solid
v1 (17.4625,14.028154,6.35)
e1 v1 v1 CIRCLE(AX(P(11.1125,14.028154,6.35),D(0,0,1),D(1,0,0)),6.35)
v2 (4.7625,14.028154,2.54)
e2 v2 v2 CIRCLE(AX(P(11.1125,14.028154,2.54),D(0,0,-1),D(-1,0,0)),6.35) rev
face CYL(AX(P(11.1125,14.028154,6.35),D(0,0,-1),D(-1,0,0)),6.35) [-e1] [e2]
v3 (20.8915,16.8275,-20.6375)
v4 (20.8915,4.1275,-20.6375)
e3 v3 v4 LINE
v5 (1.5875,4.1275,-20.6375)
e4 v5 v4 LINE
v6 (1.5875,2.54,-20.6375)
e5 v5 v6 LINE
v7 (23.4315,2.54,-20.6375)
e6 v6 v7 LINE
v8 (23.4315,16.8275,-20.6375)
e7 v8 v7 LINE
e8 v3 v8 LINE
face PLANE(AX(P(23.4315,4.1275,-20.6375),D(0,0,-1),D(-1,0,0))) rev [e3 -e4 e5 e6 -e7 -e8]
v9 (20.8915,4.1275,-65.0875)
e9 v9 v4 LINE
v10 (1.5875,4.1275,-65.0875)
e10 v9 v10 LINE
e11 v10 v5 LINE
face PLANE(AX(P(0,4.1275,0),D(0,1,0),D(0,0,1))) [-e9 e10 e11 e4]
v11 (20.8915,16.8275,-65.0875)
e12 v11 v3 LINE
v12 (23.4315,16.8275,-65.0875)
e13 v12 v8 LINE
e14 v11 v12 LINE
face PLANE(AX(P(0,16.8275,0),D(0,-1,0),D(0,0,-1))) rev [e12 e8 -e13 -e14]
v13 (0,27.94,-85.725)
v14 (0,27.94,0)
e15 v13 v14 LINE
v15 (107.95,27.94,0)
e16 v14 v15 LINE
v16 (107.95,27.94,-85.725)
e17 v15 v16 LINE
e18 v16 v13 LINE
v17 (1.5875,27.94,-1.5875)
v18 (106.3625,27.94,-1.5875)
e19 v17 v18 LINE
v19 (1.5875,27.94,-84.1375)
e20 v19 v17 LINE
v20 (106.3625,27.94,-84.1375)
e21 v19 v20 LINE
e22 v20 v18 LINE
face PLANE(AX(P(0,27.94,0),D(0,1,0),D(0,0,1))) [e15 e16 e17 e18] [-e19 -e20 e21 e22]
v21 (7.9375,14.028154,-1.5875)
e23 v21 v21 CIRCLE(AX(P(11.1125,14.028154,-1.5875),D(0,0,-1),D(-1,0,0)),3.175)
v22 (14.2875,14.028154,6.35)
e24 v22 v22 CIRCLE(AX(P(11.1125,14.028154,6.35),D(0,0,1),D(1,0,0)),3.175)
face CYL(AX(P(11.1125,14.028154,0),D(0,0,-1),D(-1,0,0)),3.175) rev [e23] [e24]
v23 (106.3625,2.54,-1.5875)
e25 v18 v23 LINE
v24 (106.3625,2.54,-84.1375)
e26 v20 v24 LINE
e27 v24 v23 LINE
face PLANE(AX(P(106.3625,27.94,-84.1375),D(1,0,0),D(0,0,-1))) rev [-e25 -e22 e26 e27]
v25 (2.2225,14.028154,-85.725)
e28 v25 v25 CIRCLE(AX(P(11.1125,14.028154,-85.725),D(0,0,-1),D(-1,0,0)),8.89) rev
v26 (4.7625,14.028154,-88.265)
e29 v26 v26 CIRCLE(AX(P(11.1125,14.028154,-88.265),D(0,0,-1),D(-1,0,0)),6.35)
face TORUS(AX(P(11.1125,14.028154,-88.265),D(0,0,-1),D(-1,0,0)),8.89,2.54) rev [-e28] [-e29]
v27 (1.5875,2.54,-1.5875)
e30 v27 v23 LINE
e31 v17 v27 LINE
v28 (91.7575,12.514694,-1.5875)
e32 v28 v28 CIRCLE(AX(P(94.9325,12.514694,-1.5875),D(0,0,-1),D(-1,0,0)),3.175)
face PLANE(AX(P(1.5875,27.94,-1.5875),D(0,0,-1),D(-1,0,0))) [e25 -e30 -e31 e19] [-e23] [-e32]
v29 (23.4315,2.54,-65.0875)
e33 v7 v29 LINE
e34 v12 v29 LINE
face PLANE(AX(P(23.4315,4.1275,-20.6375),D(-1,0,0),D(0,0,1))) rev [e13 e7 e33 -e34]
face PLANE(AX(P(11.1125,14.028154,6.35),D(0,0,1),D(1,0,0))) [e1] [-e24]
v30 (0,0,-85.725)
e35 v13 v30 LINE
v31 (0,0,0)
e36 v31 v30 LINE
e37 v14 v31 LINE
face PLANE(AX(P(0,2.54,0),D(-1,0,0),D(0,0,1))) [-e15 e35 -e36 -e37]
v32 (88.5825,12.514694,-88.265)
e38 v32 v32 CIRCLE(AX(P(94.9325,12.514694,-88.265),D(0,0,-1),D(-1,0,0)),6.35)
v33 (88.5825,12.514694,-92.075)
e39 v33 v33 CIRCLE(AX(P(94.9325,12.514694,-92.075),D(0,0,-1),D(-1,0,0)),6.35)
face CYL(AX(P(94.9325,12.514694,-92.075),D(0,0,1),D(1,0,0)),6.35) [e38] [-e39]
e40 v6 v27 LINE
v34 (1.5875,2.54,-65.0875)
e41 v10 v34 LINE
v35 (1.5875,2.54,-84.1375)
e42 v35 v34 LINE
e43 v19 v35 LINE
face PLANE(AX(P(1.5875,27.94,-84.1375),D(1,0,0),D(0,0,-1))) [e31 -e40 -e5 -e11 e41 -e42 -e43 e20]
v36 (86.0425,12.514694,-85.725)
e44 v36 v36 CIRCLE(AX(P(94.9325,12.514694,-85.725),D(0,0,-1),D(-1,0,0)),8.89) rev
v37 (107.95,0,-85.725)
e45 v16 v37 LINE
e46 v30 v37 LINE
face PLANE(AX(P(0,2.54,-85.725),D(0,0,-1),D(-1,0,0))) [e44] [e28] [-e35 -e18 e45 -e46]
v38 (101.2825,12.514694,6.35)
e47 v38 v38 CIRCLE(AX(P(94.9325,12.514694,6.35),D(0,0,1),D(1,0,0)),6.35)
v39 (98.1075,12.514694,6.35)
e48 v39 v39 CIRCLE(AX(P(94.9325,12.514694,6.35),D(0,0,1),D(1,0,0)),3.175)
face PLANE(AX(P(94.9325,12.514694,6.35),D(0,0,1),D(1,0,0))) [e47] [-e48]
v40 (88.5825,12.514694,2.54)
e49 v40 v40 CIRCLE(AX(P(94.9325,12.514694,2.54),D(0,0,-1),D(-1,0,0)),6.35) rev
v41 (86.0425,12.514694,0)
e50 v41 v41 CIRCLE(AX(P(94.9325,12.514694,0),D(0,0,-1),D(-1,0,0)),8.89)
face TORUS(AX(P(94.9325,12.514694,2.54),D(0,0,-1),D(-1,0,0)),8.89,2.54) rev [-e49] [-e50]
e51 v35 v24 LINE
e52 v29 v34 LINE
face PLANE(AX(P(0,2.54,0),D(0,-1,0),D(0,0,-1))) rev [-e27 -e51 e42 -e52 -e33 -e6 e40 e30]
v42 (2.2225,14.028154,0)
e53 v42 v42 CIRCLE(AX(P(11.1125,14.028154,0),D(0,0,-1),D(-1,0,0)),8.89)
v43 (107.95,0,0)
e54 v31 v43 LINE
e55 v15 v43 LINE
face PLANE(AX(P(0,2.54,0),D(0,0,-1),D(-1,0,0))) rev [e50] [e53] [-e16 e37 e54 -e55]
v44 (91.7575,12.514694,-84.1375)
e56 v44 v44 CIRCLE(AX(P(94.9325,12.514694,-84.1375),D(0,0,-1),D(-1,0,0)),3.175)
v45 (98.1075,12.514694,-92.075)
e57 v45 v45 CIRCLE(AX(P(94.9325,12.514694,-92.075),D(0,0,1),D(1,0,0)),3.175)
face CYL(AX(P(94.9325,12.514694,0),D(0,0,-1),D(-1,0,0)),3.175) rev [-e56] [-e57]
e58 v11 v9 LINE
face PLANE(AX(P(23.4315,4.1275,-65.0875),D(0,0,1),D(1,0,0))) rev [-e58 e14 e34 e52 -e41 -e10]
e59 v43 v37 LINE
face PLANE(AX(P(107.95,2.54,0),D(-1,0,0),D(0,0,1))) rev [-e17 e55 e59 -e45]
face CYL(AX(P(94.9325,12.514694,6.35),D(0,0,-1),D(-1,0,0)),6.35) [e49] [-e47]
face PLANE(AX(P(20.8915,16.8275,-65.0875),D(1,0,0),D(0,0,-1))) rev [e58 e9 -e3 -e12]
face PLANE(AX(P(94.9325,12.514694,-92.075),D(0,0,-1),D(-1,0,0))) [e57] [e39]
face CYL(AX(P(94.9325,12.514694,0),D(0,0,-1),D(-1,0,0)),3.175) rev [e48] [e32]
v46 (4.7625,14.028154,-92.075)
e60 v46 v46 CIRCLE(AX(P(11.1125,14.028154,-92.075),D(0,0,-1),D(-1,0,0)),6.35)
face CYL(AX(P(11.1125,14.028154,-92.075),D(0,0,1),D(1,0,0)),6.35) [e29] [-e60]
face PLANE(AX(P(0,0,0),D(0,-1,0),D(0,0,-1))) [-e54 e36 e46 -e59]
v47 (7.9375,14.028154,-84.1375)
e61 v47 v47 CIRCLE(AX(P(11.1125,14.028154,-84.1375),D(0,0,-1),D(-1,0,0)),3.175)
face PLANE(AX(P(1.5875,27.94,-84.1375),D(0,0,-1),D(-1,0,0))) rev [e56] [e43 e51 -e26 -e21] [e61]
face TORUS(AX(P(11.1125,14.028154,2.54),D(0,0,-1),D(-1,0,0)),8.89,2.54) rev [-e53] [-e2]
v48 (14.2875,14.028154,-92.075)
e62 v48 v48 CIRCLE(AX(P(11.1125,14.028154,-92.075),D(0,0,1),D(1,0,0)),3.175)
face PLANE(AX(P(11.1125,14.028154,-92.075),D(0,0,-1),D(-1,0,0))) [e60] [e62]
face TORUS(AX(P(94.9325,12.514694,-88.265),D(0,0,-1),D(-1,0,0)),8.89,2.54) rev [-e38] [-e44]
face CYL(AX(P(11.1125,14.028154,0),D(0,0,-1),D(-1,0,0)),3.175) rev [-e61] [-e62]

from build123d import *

# Parameters (mm, degrees)
SKETCH1_W               = 107.95
SKETCH1_H               = 85.725
BOSS_EXTRUDE1_DEPTH     = 2.54
SKETCH2_W               = 107.95
SKETCH2_H               = 85.725
SKETCH2_W_2             = 104.775
SKETCH2_H_2             = 82.55
BOSS_EXTRUDE2_DEPTH     = 25.4
SKETCH3_R               = 3.175
CUT_EXTRUDE1_DEPTH      = 141.650708228
CUT_EXTRUDE1_DEPTH_BACK = 141.650708228
SKETCH4_R               = 3.175
CUT_EXTRUDE2_DEPTH      = 141.650708228
CUT_EXTRUDE2_DEPTH_BACK = 141.650708228
SKETCH5_W               = 21.844
SKETCH5_H               = 44.45
BOSS_EXTRUDE3_DEPTH     = 1.5875
SKETCH6_W               = 2.54
SKETCH6_H               = 44.45
BOSS_EXTRUDE4_DEPTH     = 12.7
SKETCH7_R               = 6.35
BOSS_EXTRUDE5_DEPTH     = 6.35
SKETCH8_R               = 6.35
BOSS_EXTRUDE6_DEPTH     = 6.35
FILLET1_R               = 2.54
FILLET2_R               = 2.54
SKETCH9_R               = 6.35
BOSS_EXTRUDE7_DEPTH     = 6.35
SKETCH10_R              = 6.35
BOSS_EXTRUDE8_DEPTH     = 6.35
FILLET3_R               = 2.54
SKETCH11_R              = 3.175
CUT_EXTRUDE4_DEPTH      = 145.608615667
CUT_EXTRUDE4_DEPTH_BACK = 145.608615667
SKETCH12_R              = 3.175
CUT_EXTRUDE5_DEPTH      = 145.608615667
CUT_EXTRUDE5_DEPTH_BACK = 145.608615667


with BuildPart() as part:
    # Sketch1 → Boss-Extrude1 (new body)
    with BuildSketch(Plane(origin=(0, 0, 0), x_dir=(1, 0, 0), z_dir=(0, 1, 0))):
        with Locations((53.975, 42.8625)):
            Rectangle(SKETCH1_W, SKETCH1_H)
    extrude(amount=BOSS_EXTRUDE1_DEPTH)

    # Sketch2 → Boss-Extrude2 (add)
    with BuildSketch(Plane(origin=(0, 2.54, 0), x_dir=(1, 0, 0), z_dir=(0, 1, 0))):
        with Locations((53.975, 42.8625)):
            Rectangle(SKETCH2_W, SKETCH2_H)
        with Locations((53.975, 42.8625)):
            Rectangle(SKETCH2_W_2, SKETCH2_H_2, mode=Mode.SUBTRACT)
    extrude(amount=BOSS_EXTRUDE2_DEPTH)

    # Sketch3 → Cut-Extrude1 (cut, two sides)
    with BuildSketch(Plane(origin=(0, 0, -85.725), x_dir=(-1, 0, 0), z_dir=(0, 0, -1))) as cut_extrude1_sk:
        with Locations((-11.1125, 14.028153998)):
            Circle(SKETCH3_R)
    extrude(amount=CUT_EXTRUDE1_DEPTH, mode=Mode.SUBTRACT)
    extrude(cut_extrude1_sk.sketch, amount=-CUT_EXTRUDE1_DEPTH_BACK, mode=Mode.SUBTRACT)

    # Sketch4 → Cut-Extrude2 (cut, two sides)
    with BuildSketch(Plane(origin=(0, 0, -85.725), x_dir=(-1, 0, 0), z_dir=(0, 0, -1))) as cut_extrude2_sk:
        with Locations((-94.9325, 12.514694303)):
            Circle(SKETCH4_R)
    extrude(amount=CUT_EXTRUDE2_DEPTH, mode=Mode.SUBTRACT)
    extrude(cut_extrude2_sk.sketch, amount=-CUT_EXTRUDE2_DEPTH_BACK, mode=Mode.SUBTRACT)

    # Sketch5 → Boss-Extrude3 (add)
    with BuildSketch(Plane(origin=(0, 2.54, 0), x_dir=(1, 0, 0), z_dir=(0, 1, 0))):
        with Locations((12.5095, 42.8625)):
            Rectangle(SKETCH5_W, SKETCH5_H)
    extrude(amount=BOSS_EXTRUDE3_DEPTH)

    # Sketch6 → Boss-Extrude4 (add)
    with BuildSketch(Plane(origin=(0, 4.1275, 0), x_dir=(1, 0, 0), z_dir=(0, 1, 0))):
        with Locations((22.1615, 42.8625)):
            Rectangle(SKETCH6_W, SKETCH6_H)
    extrude(amount=BOSS_EXTRUDE4_DEPTH)

    # Sketch7 → Boss-Extrude5 (add)
    with BuildSketch(Plane.XY):
        with Locations(Location((11.1125, 14.028153998, 0), (0, 0, 180))):
            Circle(SKETCH7_R)
    extrude(amount=BOSS_EXTRUDE5_DEPTH)

    # Sketch8 → Boss-Extrude6 (add)
    with BuildSketch(Plane.XY):
        with Locations(Location((94.9325, 12.514694303, 0), (0, 0, 180))):
            Circle(SKETCH8_R)
    extrude(amount=BOSS_EXTRUDE6_DEPTH)

    # Fillet1
    fillet1_edges = [part.edges().sort_by_distance(p)[0] for p in [
        (17.4625, 14.028153998, 0),
    ]]
    fillet(fillet1_edges, radius=FILLET1_R)

    # Fillet2
    fillet2_edges = [part.edges().sort_by_distance(p)[0] for p in [
        (101.2825, 12.514694303, 0),
    ]]
    fillet(fillet2_edges, radius=FILLET2_R)

    # Sketch9 → Boss-Extrude7 (add)
    with BuildSketch(Plane(origin=(0, 0, -85.725), x_dir=(-1, 0, 0), z_dir=(0, 0, -1))):
        with Locations((-94.9325, 12.514694303)):
            Circle(SKETCH9_R)
    extrude(amount=BOSS_EXTRUDE7_DEPTH)

    # Sketch10 → Boss-Extrude8 (add)
    with BuildSketch(Plane(origin=(0, 0, -85.725), x_dir=(-1, 0, 0), z_dir=(0, 0, -1))):
        with Locations((-11.1125, 14.028153998)):
            Circle(SKETCH10_R)
    extrude(amount=BOSS_EXTRUDE8_DEPTH)

    # Fillet3
    fillet3_edges = [part.edges().sort_by_distance(p)[0] for p in [
        (101.2825, 12.514694303, -85.725),
        (17.4625, 14.028153998, -85.725),
    ]]
    fillet(fillet3_edges, radius=FILLET3_R)

    # Sketch11 → Cut-Extrude4 (cut, two sides)
    with BuildSketch(Plane.XY.offset(-85.725)) as cut_extrude4_sk:
        with Locations(Location((94.9325, 12.514694303, 0), (0, 0, 180))):
            Circle(SKETCH11_R)
    extrude(amount=CUT_EXTRUDE4_DEPTH, mode=Mode.SUBTRACT)
    extrude(cut_extrude4_sk.sketch, amount=-CUT_EXTRUDE4_DEPTH_BACK, mode=Mode.SUBTRACT)

    # Sketch12 → Cut-Extrude5 (cut, two sides)
    with BuildSketch(Plane.XY.offset(-85.725)) as cut_extrude5_sk:
        with Locations(Location((11.1125, 14.028153998, 0), (0, 0, 180))):
            Circle(SKETCH12_R)
    extrude(amount=CUT_EXTRUDE5_DEPTH, mode=Mode.SUBTRACT)
    extrude(cut_extrude5_sk.sketch, amount=-CUT_EXTRUDE5_DEPTH_BACK, mode=Mode.SUBTRACT)


solid = part.part
